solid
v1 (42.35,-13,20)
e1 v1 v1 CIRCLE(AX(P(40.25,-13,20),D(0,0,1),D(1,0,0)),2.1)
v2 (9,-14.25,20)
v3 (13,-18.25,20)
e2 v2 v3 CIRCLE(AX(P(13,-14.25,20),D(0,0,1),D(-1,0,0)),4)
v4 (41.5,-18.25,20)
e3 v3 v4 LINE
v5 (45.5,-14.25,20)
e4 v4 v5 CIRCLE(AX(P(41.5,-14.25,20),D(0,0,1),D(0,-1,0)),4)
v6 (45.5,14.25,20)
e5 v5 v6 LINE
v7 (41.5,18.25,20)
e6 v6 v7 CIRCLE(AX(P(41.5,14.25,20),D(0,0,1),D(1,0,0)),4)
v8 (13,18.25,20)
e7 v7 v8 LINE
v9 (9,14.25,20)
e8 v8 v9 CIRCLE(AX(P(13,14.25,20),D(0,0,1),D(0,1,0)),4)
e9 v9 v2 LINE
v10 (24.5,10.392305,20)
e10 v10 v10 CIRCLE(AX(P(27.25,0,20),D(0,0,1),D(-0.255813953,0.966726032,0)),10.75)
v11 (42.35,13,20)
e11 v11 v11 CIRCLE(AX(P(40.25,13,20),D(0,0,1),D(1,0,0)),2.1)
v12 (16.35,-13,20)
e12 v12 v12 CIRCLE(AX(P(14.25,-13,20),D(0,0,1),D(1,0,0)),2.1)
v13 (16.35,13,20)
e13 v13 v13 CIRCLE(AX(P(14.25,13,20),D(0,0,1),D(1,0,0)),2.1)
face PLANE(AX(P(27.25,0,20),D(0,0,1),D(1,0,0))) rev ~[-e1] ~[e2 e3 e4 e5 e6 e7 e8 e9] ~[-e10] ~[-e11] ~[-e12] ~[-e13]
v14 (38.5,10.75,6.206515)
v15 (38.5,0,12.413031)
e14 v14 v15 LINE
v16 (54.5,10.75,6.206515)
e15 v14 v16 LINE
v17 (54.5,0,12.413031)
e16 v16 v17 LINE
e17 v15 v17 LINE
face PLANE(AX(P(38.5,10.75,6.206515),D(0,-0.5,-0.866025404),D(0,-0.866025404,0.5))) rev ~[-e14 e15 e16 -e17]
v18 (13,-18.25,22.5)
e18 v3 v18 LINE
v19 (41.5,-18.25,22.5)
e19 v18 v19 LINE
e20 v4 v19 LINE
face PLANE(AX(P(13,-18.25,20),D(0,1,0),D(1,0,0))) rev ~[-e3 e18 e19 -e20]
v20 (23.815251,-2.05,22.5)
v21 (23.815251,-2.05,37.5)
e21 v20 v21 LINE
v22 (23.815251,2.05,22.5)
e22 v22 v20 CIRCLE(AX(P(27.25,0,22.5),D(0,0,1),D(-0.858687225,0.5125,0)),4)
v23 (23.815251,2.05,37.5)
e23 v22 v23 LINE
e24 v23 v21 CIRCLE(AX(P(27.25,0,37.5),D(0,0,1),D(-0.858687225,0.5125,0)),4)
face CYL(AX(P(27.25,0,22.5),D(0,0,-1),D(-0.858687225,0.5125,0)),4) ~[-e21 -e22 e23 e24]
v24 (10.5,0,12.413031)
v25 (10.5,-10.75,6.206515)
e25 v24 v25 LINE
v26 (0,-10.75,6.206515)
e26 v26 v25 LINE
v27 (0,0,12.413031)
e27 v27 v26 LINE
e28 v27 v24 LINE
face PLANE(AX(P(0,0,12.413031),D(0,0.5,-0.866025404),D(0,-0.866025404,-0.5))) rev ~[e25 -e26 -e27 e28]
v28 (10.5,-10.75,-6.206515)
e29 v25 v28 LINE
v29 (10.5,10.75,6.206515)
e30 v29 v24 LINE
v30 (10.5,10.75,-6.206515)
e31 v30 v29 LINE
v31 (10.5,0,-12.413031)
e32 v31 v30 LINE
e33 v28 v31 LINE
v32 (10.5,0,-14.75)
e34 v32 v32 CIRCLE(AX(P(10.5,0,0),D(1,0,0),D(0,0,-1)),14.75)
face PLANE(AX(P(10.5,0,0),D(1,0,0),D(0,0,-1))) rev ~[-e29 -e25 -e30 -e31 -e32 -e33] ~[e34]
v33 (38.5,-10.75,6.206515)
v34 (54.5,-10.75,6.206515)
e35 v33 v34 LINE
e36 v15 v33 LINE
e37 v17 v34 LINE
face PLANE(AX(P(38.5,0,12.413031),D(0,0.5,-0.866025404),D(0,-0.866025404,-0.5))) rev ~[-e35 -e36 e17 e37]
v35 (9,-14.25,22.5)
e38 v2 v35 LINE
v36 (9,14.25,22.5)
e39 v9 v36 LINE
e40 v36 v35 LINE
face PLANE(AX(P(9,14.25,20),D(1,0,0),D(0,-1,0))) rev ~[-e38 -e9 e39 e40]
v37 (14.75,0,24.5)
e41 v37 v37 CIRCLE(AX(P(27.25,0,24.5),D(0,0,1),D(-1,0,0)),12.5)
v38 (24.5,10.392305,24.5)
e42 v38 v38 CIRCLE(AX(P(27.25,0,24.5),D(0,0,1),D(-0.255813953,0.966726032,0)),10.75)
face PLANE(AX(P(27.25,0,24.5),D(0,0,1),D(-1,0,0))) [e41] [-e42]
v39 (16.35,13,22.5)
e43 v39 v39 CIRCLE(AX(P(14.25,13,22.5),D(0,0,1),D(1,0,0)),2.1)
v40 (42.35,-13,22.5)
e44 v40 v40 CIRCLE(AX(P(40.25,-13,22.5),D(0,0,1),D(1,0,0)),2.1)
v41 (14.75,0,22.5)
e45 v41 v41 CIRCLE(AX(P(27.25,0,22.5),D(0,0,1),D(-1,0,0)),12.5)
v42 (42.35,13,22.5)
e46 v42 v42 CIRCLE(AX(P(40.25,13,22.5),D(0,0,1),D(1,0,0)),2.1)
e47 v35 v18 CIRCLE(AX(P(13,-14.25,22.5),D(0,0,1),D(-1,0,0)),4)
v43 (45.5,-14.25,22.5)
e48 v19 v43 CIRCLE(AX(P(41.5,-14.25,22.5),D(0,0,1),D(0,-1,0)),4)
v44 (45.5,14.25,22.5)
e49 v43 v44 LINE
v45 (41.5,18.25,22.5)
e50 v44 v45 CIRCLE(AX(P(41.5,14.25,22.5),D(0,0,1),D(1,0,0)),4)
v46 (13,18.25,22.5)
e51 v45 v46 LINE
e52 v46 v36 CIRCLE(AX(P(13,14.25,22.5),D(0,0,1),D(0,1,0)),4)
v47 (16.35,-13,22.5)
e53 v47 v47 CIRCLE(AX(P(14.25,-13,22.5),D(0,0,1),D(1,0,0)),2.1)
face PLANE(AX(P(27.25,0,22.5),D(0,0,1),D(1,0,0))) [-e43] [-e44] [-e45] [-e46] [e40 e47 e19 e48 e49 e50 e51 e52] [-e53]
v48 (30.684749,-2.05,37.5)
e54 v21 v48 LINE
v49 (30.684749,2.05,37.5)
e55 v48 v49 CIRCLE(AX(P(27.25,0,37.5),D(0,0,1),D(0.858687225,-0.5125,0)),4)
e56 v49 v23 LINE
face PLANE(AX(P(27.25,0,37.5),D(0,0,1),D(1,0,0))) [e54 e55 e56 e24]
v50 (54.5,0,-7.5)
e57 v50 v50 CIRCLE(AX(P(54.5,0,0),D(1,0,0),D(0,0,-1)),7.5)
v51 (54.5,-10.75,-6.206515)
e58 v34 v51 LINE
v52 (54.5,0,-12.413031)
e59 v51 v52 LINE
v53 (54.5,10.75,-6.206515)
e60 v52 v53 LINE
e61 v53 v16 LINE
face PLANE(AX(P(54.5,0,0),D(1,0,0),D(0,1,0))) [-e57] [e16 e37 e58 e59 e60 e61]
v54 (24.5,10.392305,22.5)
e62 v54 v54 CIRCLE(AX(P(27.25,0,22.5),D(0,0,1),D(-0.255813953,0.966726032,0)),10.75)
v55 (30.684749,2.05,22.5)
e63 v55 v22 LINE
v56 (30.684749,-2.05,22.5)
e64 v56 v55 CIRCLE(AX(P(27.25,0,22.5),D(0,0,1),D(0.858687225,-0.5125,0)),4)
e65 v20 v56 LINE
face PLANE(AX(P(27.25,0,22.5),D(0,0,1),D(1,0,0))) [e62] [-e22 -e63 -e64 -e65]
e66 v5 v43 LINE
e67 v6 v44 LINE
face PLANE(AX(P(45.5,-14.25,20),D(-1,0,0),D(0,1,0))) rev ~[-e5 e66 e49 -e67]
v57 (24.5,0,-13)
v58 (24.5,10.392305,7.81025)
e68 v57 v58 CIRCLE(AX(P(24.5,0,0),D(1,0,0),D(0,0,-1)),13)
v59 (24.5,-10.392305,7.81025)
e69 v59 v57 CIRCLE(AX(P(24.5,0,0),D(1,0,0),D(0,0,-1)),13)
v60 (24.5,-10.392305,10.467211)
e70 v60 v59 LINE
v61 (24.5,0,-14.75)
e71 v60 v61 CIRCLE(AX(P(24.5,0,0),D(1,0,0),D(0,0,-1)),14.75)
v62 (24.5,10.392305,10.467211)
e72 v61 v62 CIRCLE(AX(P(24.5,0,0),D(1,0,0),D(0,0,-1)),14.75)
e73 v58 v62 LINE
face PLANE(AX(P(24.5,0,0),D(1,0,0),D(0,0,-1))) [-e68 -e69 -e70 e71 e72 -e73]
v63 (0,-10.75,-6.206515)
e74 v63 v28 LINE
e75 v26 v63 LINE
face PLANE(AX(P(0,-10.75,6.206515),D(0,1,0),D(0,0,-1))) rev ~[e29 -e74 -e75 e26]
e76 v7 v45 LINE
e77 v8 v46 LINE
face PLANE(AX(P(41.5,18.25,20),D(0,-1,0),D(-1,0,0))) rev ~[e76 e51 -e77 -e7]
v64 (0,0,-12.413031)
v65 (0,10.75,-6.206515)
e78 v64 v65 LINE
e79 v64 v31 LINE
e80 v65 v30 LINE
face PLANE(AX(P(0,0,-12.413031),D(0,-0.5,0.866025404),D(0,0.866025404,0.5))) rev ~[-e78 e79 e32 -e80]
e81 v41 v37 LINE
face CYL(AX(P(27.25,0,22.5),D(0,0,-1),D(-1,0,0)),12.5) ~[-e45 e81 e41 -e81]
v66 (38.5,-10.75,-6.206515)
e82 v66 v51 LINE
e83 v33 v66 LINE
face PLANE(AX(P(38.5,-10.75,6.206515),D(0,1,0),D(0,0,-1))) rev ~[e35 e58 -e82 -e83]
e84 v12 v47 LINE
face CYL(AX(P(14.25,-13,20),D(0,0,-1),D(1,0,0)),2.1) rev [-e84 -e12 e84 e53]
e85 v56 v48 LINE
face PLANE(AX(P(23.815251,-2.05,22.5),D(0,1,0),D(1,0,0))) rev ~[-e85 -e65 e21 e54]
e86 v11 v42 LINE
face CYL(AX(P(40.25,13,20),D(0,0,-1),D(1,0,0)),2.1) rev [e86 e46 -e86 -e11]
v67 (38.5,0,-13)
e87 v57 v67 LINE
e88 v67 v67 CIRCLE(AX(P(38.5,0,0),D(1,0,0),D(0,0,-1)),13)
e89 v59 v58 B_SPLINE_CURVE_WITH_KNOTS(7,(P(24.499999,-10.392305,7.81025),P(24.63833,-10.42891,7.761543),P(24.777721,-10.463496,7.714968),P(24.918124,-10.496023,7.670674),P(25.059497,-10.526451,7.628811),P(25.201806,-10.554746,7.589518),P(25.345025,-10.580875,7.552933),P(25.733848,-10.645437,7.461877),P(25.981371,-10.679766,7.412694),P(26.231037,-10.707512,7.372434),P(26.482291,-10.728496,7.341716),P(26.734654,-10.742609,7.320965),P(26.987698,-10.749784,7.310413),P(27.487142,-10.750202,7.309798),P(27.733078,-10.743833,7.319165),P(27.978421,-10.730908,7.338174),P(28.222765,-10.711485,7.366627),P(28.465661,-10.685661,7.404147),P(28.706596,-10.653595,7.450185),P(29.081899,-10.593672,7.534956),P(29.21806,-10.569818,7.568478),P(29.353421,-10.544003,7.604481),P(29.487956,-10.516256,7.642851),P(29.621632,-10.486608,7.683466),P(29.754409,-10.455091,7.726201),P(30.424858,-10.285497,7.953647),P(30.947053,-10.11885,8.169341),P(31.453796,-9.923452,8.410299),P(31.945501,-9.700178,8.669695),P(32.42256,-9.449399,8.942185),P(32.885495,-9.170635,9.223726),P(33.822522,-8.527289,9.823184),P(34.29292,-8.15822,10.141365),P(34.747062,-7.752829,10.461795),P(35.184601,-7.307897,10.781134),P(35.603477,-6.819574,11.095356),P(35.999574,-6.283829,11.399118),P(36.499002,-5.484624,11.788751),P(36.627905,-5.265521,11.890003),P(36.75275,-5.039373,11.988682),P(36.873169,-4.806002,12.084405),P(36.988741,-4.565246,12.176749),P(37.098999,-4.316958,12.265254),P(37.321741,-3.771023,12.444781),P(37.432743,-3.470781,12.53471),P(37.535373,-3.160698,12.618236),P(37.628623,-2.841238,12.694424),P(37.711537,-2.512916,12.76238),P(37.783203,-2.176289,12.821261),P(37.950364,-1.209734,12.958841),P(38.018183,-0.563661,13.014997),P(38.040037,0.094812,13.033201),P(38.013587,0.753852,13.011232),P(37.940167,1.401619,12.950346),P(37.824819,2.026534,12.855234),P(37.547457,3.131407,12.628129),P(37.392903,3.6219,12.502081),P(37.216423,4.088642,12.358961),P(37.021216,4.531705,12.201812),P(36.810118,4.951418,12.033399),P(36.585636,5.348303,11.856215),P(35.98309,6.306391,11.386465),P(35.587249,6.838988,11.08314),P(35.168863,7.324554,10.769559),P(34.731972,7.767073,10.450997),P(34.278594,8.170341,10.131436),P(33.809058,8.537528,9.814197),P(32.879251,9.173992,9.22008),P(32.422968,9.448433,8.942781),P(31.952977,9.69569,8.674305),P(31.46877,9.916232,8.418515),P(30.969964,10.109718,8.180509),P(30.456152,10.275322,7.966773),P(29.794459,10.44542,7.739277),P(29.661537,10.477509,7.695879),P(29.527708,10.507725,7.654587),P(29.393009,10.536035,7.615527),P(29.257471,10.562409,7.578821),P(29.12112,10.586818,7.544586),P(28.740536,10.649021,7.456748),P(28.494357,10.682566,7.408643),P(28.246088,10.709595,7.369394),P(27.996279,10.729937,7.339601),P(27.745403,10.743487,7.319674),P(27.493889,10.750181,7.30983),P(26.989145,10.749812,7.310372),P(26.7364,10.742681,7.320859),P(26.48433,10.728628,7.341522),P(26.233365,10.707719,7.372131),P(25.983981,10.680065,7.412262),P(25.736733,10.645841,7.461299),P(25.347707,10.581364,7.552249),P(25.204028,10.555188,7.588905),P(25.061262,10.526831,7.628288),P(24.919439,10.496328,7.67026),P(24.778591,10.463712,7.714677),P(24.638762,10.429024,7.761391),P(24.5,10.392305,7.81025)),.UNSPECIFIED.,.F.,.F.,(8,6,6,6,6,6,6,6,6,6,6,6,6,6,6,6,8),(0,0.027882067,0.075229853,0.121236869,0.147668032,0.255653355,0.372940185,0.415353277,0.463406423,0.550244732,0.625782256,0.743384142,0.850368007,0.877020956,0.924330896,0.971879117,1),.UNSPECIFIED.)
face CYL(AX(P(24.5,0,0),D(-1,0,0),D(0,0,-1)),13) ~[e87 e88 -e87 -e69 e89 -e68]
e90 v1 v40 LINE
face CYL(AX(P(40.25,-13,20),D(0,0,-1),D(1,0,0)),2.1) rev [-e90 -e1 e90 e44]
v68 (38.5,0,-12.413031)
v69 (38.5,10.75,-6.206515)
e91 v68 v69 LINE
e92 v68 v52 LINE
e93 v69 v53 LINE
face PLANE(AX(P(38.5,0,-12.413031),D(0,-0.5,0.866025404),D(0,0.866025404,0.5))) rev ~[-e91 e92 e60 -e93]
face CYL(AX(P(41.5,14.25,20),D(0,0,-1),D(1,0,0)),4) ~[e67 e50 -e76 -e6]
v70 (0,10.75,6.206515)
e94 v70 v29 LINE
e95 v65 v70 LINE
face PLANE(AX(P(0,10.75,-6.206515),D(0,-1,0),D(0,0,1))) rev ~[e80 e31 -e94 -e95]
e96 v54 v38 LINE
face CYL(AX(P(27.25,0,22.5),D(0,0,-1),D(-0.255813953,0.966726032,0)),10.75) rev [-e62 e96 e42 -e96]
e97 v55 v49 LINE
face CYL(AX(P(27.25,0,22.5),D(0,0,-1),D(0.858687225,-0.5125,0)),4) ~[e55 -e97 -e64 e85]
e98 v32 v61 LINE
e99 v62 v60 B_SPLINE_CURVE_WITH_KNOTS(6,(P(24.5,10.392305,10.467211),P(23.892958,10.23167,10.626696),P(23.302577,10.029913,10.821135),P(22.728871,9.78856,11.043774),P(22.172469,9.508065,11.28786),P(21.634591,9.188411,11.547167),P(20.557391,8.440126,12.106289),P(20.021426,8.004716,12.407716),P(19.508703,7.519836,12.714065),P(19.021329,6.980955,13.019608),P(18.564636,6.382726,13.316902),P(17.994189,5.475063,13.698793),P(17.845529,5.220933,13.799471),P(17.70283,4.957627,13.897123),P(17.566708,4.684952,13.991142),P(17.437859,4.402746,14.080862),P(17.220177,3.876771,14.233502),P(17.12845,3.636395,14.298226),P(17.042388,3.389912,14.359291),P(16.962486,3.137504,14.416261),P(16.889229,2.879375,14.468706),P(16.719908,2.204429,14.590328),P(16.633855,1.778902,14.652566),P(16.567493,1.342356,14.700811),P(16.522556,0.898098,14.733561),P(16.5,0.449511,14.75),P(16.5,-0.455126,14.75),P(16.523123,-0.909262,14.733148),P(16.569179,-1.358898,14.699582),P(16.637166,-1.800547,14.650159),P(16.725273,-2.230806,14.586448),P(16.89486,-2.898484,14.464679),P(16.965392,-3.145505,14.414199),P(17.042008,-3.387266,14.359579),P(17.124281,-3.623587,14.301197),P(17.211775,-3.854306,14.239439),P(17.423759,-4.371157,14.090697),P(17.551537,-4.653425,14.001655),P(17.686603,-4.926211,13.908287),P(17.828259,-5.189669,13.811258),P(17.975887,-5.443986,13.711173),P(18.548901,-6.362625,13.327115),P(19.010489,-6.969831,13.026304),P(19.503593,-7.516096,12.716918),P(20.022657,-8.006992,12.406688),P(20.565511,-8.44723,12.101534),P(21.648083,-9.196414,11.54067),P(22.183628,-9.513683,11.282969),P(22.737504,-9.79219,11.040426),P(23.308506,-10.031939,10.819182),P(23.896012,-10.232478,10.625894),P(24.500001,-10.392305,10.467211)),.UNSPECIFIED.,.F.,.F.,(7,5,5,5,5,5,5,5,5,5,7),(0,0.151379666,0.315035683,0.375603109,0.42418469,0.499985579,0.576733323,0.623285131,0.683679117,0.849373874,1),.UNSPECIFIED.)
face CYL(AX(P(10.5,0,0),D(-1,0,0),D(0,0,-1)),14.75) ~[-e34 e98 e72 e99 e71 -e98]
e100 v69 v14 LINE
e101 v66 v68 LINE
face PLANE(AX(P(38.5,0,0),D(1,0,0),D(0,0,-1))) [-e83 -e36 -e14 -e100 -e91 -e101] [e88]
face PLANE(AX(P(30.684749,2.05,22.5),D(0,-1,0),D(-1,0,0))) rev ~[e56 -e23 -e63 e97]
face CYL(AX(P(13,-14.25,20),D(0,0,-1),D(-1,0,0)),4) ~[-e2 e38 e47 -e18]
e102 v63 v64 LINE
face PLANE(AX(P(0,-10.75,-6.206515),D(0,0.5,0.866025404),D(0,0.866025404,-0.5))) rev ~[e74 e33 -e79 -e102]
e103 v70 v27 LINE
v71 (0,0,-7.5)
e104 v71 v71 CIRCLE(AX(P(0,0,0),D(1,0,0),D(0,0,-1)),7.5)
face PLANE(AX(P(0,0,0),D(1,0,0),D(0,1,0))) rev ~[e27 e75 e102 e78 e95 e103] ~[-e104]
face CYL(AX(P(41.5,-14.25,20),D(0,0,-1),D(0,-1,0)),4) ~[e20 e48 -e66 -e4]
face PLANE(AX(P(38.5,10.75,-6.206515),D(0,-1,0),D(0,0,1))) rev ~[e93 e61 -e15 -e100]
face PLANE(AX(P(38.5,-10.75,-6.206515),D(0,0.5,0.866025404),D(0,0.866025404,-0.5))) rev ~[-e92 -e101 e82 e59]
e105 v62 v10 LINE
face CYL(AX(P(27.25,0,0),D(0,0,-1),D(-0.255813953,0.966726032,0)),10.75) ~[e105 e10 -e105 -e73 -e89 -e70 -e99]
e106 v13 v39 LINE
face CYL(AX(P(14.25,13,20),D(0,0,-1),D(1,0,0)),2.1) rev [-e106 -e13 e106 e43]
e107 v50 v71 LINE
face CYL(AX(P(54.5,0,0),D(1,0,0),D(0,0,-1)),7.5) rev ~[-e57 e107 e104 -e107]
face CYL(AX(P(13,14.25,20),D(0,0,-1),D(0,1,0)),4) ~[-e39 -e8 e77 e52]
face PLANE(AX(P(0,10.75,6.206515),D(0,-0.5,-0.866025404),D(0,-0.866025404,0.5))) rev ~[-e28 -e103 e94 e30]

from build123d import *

# Parameters (mm, degrees)
BOSS_EXTRUDE1_DEPTH = 10.5
SKETCH2_R           = 14.75
BOSS_EXTRUDE2_DEPTH = 14
SKETCH3_R           = 13
BOSS_EXTRUDE3_DEPTH = 14
BOSS_EXTRUDE4_DEPTH = 16
SKETCH5_R           = 10.75
BOSS_EXTRUDE5_DEPTH = 20
SKETCH6_R           = 2.1
BOSS_EXTRUDE6_DEPTH = 2.5
CUT_EXTRUDE1_REACH  = 63.722
SKETCH7_R           = 7.5
SKETCH8_R           = 12.5
SKETCH8_R_2         = 10.75
BOSS_EXTRUDE7_DEPTH = 2
BOSS_EXTRUDE8_DEPTH = 15


with BuildPart() as part:
    # Sketch1 → Boss-Extrude1 (new body)
    with BuildSketch(Plane.YZ):
        Polygon((0, 12.413030788), (-10.75, 6.206515394), (-10.75, -6.206515394), (0, -12.413030788), (10.75, -6.206515394), (10.75, 6.206515394), align=None)
    extrude(amount=BOSS_EXTRUDE1_DEPTH)

    # Sketch2 → Boss-Extrude2 (add)
    with BuildSketch(Plane.YZ.offset(10.5)):
        with Locations(Location((0, 0, 0), (0, 0, 270))):
            Circle(SKETCH2_R)
    extrude(amount=BOSS_EXTRUDE2_DEPTH)

    # Sketch3 → Boss-Extrude3 (add)
    with BuildSketch(Plane.YZ.offset(24.5)):
        with Locations(Location((0, 0, 0), (0, 0, 270))):
            Circle(SKETCH3_R)
    extrude(amount=BOSS_EXTRUDE3_DEPTH)

    # Sketch4 → Boss-Extrude4 (add)
    with BuildSketch(Plane.YZ.offset(38.5)):
        Polygon((0, 12.413030788), (-10.75, 6.206515394), (-10.75, -6.206515394), (0, -12.413030788), (10.75, -6.206515394), (10.75, 6.206515394), align=None)
    extrude(amount=BOSS_EXTRUDE4_DEPTH)

    # Sketch5 → Boss-Extrude5 (add)
    with BuildSketch(Plane(origin=(0, 0, 0), x_dir=(0, 1, 0), z_dir=(0, 0, 1))):
        with Locations(Location((0, -27.25, 0), (0, 0, 14.821821062))):
            Circle(SKETCH5_R)
    extrude(amount=BOSS_EXTRUDE5_DEPTH)

    # Sketch6 → Boss-Extrude6 (add)
    with BuildSketch(Plane.XY.offset(20)):
        with BuildLine():
            Line((13, -18.25), (41.5, -18.25))
            ThreePointArc((41.5, -18.25), (44.328427125, -17.078427125), (45.5, -14.25))
            Line((45.5, -14.25), (45.5, 14.25))
            ThreePointArc((45.5, 14.25), (44.328427125, 17.078427125), (41.5, 18.25))
            Line((41.5, 18.25), (13, 18.25))
            ThreePointArc((13, 18.25), (10.171572875, 17.078427125), (9, 14.25))
            Line((9, 14.25), (9, -14.25))
            ThreePointArc((9, -14.25), (10.171572875, -17.078427125), (13, -18.25))
        make_face()
        with Locations((14.25, 13)):
            Circle(SKETCH6_R, mode=Mode.SUBTRACT)
        with Locations((40.25, 13)):
            Circle(SKETCH6_R, mode=Mode.SUBTRACT)
        with Locations((40.25, -13)):
            Circle(SKETCH6_R, mode=Mode.SUBTRACT)
        with Locations((14.25, -13)):
            Circle(SKETCH6_R, mode=Mode.SUBTRACT)
    extrude(amount=BOSS_EXTRUDE6_DEPTH)

    # Sketch7 → Cut-Extrude1 (cut, up to next)
    with BuildSketch(Plane.YZ.offset(54.5), mode=Mode.PRIVATE) as cut_extrude1_sk1:
        with Locations(Location((0, 0, 0), (0, 0, 270))):
            Circle(SKETCH7_R)
    cut_extrude1_tool1 = extrude(cut_extrude1_sk1.sketch, amount=-CUT_EXTRUDE1_REACH, mode=Mode.PRIVATE) & part.part
    add(cut_extrude1_tool1.solids().sort_by_distance((54.5, 0, 0))[0], mode=Mode.SUBTRACT)

    # Sketch8 → Boss-Extrude7 (add)
    with BuildSketch(Plane.XY.offset(22.5)):
        with Locations(Location((27.25, 0, 0), (0, 0, 180))):
            Circle(SKETCH8_R)
        with Locations(Location((27.25, 0, 0), (0, 0, 104.821821062))):
            Circle(SKETCH8_R_2, mode=Mode.SUBTRACT)
    extrude(amount=BOSS_EXTRUDE7_DEPTH)

    # Sketch9 → Boss-Extrude8 (add)
    with BuildSketch(Plane.XY.offset(22.5)):
        with BuildLine():
            Line((23.815251101, -2.05), (30.684748899, -2.05))
            ThreePointArc((30.684748899, -2.05), (31.25, 0), (30.684748899, 2.05))
            Line((30.684748899, 2.05), (23.815251101, 2.05))
            ThreePointArc((23.815251101, 2.05), (23.25, 0), (23.815251101, -2.05))
        make_face()
    extrude(amount=BOSS_EXTRUDE8_DEPTH)


solid = part.part
